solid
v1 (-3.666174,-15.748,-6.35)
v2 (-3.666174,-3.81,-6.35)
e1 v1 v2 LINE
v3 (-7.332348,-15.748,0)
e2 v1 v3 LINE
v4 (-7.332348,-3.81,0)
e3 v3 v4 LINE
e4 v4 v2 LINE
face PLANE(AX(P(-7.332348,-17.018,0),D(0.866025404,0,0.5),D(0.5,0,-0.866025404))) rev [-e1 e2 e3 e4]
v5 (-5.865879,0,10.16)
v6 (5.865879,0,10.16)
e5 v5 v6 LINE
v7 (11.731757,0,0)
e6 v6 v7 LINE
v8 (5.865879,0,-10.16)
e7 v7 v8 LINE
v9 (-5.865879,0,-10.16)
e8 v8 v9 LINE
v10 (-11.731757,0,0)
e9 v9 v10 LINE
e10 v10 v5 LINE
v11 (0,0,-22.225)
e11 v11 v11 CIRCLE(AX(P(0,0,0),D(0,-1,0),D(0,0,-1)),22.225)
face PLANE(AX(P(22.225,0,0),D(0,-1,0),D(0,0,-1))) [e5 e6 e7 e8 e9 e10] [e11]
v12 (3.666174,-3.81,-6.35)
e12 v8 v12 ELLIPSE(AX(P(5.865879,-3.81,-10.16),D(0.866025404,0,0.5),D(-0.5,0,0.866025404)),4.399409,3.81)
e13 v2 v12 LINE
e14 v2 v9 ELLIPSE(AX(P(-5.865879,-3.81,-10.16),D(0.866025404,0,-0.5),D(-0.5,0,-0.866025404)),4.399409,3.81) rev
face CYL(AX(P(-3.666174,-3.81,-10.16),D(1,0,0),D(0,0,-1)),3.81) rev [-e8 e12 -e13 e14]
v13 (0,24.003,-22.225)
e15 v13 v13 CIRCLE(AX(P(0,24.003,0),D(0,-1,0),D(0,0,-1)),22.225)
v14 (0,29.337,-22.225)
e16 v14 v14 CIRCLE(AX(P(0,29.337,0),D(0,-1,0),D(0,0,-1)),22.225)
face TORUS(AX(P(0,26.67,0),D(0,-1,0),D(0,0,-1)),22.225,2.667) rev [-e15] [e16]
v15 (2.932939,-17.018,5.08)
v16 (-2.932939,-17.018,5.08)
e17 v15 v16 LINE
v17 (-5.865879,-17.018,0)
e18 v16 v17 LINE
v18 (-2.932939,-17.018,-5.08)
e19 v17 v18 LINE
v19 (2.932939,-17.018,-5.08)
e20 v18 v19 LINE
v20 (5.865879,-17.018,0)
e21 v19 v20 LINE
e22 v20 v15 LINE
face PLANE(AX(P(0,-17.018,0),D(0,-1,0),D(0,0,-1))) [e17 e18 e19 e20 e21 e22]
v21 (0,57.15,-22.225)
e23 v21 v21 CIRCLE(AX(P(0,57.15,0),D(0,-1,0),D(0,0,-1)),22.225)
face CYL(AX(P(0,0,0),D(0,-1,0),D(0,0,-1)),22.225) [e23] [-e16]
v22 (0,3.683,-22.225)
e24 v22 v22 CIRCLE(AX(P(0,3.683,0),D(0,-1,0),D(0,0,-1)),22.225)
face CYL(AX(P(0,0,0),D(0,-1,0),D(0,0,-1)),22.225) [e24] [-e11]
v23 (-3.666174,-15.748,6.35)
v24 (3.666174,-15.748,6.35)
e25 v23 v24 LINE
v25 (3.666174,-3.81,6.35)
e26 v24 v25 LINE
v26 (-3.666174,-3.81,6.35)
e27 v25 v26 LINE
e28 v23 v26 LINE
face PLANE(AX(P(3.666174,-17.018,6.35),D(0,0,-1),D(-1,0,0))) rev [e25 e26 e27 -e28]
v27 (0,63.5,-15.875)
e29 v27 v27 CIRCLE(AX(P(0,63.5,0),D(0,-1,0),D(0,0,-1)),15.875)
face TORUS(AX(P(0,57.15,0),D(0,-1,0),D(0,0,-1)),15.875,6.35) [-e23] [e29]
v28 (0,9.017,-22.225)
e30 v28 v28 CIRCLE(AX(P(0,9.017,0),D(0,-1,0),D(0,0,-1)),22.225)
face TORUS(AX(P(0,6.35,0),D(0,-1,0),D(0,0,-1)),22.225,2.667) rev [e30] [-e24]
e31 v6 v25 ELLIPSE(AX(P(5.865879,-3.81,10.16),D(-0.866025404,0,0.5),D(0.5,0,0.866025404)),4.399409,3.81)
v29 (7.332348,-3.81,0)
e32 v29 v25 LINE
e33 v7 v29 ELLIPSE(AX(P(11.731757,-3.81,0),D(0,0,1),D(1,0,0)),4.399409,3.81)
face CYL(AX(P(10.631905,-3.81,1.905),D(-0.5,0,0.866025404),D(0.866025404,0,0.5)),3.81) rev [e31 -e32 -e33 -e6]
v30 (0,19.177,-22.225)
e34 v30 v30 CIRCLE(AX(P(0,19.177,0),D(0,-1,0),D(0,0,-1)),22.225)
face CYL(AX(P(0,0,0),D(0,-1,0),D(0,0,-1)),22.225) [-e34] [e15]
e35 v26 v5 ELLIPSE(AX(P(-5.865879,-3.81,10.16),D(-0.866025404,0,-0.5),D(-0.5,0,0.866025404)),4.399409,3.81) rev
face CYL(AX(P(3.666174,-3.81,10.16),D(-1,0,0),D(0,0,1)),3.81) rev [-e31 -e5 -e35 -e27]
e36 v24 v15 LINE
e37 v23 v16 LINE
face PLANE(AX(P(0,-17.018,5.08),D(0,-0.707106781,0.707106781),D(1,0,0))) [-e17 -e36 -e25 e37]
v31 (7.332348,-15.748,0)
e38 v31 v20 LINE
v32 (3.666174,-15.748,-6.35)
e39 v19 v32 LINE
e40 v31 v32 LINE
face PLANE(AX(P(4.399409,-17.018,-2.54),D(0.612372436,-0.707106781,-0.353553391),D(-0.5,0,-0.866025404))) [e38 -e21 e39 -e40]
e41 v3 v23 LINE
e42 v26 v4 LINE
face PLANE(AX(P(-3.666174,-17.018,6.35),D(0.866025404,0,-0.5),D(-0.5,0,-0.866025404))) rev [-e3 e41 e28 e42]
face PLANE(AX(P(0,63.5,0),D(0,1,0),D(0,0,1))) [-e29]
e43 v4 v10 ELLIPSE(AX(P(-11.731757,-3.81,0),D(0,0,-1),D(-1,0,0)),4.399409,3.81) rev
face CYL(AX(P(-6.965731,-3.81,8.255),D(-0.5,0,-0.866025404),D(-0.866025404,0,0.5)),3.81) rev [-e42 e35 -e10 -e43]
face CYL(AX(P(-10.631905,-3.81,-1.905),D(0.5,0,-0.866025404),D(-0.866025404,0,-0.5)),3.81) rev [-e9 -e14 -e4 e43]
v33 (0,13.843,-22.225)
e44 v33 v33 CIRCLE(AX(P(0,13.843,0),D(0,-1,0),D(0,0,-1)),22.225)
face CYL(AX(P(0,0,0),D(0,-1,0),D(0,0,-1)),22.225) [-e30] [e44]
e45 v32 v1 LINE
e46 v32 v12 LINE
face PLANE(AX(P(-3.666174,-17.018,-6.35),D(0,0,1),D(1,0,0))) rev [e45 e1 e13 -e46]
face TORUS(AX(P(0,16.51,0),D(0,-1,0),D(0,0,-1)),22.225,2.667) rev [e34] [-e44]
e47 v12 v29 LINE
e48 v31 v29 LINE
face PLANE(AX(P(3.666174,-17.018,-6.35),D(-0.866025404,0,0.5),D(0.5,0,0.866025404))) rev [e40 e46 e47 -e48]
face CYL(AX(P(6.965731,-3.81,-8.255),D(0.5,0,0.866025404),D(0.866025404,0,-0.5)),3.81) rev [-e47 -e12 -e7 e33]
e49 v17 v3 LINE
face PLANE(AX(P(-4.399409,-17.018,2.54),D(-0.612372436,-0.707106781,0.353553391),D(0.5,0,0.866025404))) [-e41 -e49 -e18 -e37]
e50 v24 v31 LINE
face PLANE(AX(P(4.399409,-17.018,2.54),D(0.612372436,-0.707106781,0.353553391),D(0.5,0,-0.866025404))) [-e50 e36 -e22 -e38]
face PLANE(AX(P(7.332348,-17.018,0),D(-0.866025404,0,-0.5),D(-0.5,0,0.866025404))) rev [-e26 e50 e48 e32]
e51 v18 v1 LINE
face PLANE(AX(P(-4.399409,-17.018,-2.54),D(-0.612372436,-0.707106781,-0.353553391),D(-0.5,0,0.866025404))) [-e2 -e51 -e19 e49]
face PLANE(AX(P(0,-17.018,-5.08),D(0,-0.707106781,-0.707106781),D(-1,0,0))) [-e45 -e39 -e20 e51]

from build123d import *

# Parameters (mm, degrees)
BOSS_EXTRUDE1_DEPTH = 17.018
FILLET1_R           = 3.81
CHAMFER1_SIZE       = 1.27


with BuildPart() as part:
    # Sketch1 → Revolve1 (revolve)
    with BuildSketch(Plane.XY, mode=Mode.PRIVATE) as revolve1_sk:
        with BuildLine():
            Line((0, 0), (0, 63.5))
            Line((0, 63.5), (15.875, 63.5))
            ThreePointArc((15.875, 63.5), (20.365128061, 61.640128061), (22.225, 57.15))
            Line((22.225, 57.15), (22.225, 29.337))
            ThreePointArc((22.225, 29.337), (19.558, 26.67), (22.225, 24.003))
            Line((22.225, 24.003), (22.225, 19.177))
            ThreePointArc((22.225, 19.177), (19.558, 16.51), (22.225, 13.843))
            Line((22.225, 13.843), (22.225, 9.017))
            ThreePointArc((22.225, 9.017), (19.558, 6.35), (22.225, 3.683))
            Line((22.225, 3.683), (22.225, 0))
            Line((22.225, 0), (0, 0))
        make_face()
    revolve(revolve1_sk.sketch.rotate(Axis((0, 0, 0), (0, 1, 0)), 90), axis=Axis((0, 0, 0), (0, 1, 0)))

    # Sketch2 → Boss-Extrude1 (add)
    with BuildSketch(Plane(origin=(0, 0, 0), x_dir=(-1, 0, 0), z_dir=(0, -1, 0))):
        Polygon((-7.332348419, 0), (-3.666174209, -6.35), (3.666174209, -6.35), (7.332348419, 0), (3.666174209, 6.35), (-3.666174209, 6.35), align=None)
    extrude(amount=BOSS_EXTRUDE1_DEPTH)

    # Fillet1
    fillet1_edges = [part.edges().sort_by_distance(p)[0] for p in [
        (5.499261314, 0, -3.175),
        (5.499261314, 0, 3.175),
        (0, 0, 6.35),
        (-5.499261314, 0, 3.175),
        (-5.499261314, 0, -3.175),
        (0, 0, -6.35),
    ]]
    fillet(fillet1_edges, radius=FILLET1_R)

    # Chamfer1
    chamfer1_edges = [part.edges().sort_by_distance(p)[0] for p in [
        (5.499261314, -17.018, -3.175),
        (5.499261314, -17.018, 3.175),
        (0, -17.018, 6.35),
        (-5.499261314, -17.018, 3.175),
        (-5.499261314, -17.018, -3.175),
        (0, -17.018, -6.35),
    ]]
    chamfer(chamfer1_edges, length=CHAMFER1_SIZE)


solid = part.part
